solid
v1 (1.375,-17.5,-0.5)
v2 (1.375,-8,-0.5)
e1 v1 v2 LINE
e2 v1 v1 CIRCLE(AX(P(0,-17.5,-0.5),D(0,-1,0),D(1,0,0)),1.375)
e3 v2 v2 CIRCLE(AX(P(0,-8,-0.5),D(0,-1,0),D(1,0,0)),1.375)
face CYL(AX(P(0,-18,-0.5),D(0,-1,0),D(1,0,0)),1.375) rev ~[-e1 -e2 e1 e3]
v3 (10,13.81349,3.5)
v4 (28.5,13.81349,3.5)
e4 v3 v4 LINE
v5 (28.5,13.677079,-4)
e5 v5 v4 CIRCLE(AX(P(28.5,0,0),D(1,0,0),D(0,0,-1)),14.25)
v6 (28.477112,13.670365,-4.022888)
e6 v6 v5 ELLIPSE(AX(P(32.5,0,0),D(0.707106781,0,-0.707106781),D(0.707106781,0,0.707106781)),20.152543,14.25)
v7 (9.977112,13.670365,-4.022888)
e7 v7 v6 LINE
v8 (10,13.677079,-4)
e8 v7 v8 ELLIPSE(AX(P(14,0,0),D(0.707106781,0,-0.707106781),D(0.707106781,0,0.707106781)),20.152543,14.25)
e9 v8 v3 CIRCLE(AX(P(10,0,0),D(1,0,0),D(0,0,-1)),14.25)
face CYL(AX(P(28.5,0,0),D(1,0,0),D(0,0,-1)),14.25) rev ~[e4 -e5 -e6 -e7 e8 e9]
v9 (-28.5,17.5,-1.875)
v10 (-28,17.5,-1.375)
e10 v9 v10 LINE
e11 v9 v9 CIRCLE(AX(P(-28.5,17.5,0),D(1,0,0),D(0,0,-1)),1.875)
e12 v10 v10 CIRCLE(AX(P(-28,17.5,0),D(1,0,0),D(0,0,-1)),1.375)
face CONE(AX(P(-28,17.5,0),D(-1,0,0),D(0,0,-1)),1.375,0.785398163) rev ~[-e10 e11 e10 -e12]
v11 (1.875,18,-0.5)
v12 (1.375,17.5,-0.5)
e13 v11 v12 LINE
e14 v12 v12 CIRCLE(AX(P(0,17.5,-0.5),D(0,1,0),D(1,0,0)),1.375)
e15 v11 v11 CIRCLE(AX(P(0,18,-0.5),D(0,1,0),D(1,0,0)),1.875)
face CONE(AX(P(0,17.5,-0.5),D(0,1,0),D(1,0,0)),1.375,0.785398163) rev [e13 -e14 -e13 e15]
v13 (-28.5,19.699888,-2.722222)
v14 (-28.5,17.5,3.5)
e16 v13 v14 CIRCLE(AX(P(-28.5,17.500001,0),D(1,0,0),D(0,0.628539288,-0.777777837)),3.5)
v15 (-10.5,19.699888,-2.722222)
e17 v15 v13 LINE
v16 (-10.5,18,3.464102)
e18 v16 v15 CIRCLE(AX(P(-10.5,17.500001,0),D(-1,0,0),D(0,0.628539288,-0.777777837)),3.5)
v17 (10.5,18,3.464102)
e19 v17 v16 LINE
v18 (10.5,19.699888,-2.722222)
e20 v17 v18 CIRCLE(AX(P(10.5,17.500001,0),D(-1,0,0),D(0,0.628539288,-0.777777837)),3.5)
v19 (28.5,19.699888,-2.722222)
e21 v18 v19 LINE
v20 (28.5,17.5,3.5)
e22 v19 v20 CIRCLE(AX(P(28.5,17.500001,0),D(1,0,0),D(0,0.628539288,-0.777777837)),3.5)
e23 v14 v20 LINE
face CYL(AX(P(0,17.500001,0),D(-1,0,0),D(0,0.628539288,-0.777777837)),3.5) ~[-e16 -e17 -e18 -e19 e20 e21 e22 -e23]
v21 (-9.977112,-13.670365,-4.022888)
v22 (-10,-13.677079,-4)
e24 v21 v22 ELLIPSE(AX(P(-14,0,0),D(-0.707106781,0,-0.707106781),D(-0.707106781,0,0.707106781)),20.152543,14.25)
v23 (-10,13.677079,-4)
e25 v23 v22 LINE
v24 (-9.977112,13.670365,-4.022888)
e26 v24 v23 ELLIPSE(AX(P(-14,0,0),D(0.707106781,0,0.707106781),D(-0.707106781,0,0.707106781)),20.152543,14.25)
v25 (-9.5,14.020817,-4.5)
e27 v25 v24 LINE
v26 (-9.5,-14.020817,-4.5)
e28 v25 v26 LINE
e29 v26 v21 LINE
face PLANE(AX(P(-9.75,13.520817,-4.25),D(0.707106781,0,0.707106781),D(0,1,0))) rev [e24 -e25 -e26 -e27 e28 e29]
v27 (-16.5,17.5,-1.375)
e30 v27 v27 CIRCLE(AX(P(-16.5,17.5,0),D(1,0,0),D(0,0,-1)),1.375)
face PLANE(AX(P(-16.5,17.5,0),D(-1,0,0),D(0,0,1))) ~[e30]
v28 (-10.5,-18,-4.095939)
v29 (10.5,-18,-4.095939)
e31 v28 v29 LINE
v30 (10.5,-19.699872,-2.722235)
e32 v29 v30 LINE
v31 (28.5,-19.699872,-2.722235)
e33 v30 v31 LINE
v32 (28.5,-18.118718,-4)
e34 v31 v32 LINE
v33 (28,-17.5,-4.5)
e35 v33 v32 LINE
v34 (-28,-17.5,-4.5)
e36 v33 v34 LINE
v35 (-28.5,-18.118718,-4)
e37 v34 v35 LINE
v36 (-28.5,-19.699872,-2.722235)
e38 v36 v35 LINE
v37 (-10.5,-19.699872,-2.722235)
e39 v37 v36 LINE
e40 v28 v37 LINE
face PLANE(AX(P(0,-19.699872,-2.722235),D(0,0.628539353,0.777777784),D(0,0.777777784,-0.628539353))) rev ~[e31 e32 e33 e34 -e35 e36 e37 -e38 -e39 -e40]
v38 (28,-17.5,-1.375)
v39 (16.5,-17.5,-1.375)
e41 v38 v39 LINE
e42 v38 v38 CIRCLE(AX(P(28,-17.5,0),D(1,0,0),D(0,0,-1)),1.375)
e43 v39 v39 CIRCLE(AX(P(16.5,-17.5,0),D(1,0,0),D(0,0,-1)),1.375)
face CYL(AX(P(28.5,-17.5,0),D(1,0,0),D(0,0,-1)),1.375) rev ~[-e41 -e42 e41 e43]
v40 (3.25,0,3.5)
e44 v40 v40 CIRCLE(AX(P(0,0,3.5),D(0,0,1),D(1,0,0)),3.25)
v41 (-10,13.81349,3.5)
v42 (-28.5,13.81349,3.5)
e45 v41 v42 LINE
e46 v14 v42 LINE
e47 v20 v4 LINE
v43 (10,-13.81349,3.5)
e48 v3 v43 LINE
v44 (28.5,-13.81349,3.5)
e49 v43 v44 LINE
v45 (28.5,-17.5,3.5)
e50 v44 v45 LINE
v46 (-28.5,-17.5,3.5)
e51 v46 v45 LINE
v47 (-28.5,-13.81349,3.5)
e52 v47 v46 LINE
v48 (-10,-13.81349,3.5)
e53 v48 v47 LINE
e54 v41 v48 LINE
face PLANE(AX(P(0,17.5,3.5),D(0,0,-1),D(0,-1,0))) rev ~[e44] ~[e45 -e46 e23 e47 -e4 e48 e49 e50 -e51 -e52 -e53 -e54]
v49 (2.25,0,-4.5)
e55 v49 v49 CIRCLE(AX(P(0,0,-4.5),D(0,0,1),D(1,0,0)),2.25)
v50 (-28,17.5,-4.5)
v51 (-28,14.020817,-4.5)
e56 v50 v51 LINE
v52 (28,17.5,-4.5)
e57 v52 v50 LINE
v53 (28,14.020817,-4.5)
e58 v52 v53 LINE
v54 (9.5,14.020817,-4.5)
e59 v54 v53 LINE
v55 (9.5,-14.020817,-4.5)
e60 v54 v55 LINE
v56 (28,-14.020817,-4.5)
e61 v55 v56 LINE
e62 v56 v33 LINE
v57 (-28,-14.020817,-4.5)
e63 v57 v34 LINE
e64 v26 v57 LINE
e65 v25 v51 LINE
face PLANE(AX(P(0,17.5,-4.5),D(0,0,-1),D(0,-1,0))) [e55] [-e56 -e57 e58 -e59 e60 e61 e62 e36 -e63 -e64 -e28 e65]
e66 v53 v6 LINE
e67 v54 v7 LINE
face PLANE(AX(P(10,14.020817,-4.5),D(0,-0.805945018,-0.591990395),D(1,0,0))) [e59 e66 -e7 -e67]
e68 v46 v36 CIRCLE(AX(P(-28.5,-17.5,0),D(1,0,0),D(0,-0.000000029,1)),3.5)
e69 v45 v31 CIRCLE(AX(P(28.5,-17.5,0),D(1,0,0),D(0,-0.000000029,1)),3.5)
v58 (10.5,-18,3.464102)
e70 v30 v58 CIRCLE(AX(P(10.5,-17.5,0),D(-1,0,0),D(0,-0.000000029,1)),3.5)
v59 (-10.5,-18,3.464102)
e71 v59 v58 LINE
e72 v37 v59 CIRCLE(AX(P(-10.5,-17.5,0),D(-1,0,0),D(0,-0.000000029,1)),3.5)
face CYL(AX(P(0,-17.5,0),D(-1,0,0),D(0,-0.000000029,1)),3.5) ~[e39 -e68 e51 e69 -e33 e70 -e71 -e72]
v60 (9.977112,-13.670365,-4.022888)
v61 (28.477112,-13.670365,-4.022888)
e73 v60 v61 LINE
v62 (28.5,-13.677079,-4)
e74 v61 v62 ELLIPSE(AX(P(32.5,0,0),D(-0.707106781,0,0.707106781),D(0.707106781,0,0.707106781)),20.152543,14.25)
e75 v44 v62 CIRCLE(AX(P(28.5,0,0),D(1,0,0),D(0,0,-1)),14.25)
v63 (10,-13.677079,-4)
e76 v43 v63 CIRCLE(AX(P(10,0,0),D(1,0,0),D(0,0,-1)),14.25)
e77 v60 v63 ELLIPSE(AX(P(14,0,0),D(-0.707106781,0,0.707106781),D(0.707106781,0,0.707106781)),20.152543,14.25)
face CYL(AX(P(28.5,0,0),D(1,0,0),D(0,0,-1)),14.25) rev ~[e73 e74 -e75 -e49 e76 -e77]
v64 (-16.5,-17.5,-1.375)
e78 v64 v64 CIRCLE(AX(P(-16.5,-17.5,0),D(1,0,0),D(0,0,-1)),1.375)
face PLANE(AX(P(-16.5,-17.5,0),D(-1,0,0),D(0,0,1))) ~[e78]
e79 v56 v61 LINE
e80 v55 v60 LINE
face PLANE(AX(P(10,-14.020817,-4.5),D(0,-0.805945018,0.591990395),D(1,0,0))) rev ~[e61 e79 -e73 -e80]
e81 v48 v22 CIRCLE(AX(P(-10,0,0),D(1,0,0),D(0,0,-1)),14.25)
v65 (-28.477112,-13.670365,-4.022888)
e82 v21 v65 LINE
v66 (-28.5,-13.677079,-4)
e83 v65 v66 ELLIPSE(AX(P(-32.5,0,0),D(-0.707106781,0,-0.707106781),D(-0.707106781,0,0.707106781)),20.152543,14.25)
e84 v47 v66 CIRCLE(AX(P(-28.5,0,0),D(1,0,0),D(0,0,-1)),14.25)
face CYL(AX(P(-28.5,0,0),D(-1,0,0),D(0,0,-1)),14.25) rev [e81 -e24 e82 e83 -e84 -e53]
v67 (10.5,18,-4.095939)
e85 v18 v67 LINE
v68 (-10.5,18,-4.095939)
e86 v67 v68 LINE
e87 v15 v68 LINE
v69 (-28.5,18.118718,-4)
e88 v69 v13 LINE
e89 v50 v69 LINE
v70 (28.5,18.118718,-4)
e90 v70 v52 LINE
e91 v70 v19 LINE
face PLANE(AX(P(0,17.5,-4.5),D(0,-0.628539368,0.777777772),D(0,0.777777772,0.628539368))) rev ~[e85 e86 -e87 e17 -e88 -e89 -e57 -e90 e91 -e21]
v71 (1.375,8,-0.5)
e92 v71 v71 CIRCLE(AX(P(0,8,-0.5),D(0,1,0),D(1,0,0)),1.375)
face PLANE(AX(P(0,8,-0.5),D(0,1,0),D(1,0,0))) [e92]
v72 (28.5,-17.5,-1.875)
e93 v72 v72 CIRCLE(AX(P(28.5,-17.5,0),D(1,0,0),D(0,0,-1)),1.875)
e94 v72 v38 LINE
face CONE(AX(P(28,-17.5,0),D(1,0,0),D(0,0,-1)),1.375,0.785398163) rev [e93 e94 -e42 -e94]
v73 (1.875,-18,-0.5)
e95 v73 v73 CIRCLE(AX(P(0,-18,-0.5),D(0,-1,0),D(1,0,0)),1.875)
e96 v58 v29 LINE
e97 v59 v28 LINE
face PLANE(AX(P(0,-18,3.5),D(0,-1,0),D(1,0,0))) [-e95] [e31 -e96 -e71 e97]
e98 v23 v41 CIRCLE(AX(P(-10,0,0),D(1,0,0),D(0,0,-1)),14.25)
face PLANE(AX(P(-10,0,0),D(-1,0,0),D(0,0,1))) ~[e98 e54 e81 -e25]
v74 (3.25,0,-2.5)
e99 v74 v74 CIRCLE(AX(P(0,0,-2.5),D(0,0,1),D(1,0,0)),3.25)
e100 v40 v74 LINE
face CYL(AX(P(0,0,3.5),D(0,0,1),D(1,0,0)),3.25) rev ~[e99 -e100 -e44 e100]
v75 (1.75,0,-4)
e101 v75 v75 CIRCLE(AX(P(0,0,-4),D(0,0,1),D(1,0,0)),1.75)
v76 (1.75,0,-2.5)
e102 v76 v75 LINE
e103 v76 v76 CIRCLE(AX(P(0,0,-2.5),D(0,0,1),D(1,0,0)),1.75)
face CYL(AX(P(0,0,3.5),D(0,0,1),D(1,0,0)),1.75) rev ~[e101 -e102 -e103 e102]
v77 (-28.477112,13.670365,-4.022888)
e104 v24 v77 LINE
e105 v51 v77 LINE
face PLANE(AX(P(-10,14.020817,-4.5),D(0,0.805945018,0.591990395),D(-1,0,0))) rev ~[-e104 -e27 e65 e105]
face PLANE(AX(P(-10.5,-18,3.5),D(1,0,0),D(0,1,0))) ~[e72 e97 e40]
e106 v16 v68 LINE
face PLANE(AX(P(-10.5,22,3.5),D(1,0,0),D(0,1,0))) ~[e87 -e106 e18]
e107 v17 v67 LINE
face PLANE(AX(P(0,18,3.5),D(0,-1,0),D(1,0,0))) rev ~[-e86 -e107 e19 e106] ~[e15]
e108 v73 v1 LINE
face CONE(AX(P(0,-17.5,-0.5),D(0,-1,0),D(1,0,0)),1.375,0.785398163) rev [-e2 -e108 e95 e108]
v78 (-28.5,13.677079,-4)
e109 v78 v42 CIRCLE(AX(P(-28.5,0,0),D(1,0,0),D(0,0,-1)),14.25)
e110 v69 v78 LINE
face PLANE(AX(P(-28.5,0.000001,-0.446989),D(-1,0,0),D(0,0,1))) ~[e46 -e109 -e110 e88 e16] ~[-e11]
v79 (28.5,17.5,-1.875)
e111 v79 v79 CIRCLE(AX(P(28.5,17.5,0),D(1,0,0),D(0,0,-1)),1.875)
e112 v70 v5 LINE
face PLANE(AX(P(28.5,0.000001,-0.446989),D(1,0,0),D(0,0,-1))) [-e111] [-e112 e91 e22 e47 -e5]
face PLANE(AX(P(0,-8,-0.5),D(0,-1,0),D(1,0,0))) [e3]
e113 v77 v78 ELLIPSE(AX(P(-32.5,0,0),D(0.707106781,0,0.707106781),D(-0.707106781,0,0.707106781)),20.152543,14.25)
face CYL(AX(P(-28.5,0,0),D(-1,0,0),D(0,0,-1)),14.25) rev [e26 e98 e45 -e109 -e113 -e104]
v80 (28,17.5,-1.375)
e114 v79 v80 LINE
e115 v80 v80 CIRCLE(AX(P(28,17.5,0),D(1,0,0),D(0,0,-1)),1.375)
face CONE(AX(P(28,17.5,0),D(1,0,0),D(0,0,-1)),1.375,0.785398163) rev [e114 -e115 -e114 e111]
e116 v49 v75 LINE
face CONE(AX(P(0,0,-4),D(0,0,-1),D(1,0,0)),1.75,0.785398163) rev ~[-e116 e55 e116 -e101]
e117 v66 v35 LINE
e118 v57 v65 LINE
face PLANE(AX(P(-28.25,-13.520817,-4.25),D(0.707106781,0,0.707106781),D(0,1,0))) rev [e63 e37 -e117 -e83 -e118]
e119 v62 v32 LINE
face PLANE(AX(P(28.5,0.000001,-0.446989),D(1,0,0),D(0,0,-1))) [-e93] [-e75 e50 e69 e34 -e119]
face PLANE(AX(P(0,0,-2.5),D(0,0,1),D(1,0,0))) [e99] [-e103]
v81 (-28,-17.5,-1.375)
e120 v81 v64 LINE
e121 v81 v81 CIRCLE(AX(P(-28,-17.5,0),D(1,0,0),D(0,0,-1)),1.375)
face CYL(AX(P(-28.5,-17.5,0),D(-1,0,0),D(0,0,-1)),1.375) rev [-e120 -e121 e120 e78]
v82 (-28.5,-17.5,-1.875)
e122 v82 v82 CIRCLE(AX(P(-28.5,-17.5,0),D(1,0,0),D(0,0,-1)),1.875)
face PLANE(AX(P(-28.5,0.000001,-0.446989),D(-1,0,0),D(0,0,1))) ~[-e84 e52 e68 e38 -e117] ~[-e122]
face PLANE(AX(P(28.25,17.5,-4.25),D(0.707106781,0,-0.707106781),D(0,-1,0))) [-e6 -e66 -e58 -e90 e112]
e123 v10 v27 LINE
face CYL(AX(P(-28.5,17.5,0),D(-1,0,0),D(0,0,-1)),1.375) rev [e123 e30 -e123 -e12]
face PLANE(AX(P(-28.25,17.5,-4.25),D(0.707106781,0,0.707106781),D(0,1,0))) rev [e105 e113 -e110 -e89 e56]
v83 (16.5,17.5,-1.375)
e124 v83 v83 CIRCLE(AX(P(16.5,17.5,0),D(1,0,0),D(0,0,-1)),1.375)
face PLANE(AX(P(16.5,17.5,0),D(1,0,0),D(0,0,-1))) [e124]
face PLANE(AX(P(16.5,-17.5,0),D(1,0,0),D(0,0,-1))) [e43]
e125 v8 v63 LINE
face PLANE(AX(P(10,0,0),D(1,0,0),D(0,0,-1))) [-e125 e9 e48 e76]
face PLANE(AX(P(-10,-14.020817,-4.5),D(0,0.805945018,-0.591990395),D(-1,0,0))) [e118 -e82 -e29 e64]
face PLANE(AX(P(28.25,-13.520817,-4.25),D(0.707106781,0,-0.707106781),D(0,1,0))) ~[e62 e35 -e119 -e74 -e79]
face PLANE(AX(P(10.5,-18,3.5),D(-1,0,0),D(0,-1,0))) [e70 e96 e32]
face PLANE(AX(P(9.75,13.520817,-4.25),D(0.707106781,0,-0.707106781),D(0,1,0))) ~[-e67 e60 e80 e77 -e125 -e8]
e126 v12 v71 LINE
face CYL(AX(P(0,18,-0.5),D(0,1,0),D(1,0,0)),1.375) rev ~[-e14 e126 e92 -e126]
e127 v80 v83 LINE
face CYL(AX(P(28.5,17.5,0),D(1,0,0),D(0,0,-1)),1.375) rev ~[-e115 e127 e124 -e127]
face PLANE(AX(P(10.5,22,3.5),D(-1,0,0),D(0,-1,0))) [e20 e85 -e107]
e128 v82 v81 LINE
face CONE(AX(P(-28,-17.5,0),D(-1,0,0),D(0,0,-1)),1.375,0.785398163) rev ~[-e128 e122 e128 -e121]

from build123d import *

# Parameters (mm, degrees)
PAD_DEPTH           = 28.5
SKETCH001_R         = 14.25
POCKET_DEPTH        = 18.5
SKETCH002_R         = 1.375
POCKET001_DEPTH     = 12
SKETCH003_W         = 4
SKETCH003_H         = 10.5
POCKET002_DEPTH     = 8
SKETCH004_R         = 1.75
POCKET003_DEPTH     = 8
SKETCH005_R         = 3.25
POCKET004_DEPTH     = 6
SKETCH006_R         = 1.375
POCKET005_DEPTH     = 10
SKETCH007_R         = 1.375
POCKET006_DEPTH     = 10
CHAMFER_SIZE        = 0.5
CHAMFER001_SIZE     = 0.5
CLONE001_ROLL_ANGLE = -90


with BuildPart() as recess_pocket:
    # Sketch → Pad (new body)
    with BuildSketch(Plane.YZ):
        with BuildLine():
            ThreePointArc((2.722222, 19.699888), (-1.166667, 20.799832), (-3.5, 17.5))
            Line((-3.5, 17.5), (-3.5, -17.5))
            ThreePointArc((-3.5, -17.5), (-1.166657, -20.799835), (2.722235, -19.699872))
            Line((2.722235, -19.699872), (4.5, -17.5))
            Line((4.5, 17.5), (4.5, -17.5))
            Line((4.5, 17.5), (2.722222, 19.699888))
        make_face()
    extrude(amount=PAD_DEPTH)

    # Sketch001 → Pocket (cut)
    with BuildSketch(Plane.YZ.offset(28.5)):
        Circle(SKETCH001_R)
    extrude(amount=-POCKET_DEPTH, mode=Mode.SUBTRACT)

    # Sketch002 → Pocket001 (cut)
    with BuildSketch(Plane.YZ.offset(28.5)):
        with Locations((0, -17.5)):
            Circle(SKETCH002_R)
        with Locations((0, 17.5)):
            Circle(SKETCH002_R)
    extrude(amount=-POCKET001_DEPTH, mode=Mode.SUBTRACT)

    # Sketch003 → Pocket002 (cut)
    with BuildSketch(Plane(origin=(0, -3.5, 0), x_dir=(0, 0, -1), z_dir=(0, -1, 0))):
        with Locations((-20, 5.25)):
            Rectangle(SKETCH003_W, SKETCH003_H)
        with Locations((20, 5.25)):
            Rectangle(SKETCH003_W, SKETCH003_H)
    extrude(amount=-POCKET002_DEPTH, mode=Mode.SUBTRACT)


with BuildPart() as motor_bracket_printing:
    # Part__Mirroring: instance of recess-pocket
    add(recess_pocket.part.mirror(Plane(origin=(0, 0, 0), x_dir=(0, -1, 0), z_dir=(1, 0, 0))))

    # Fusion: union recess-pocket
    add(recess_pocket.part)

    # Sketch004 → Pocket003 (cut)
    with BuildSketch(Plane.XZ.offset(3.5)):
        Circle(SKETCH004_R)
    extrude(amount=-POCKET003_DEPTH, mode=Mode.SUBTRACT)

    # Sketch005 → Pocket004 (cut)
    with BuildSketch(Plane.XZ.offset(3.5)):
        Circle(SKETCH005_R)
    extrude(amount=-POCKET004_DEPTH, mode=Mode.SUBTRACT)

    # Sketch006 → Pocket005 (cut)
    with BuildSketch(Plane.XY.offset(18)):
        with Locations((0, 0.5)):
            Circle(SKETCH006_R)
    extrude(amount=-POCKET005_DEPTH, mode=Mode.SUBTRACT)

    # Sketch007 → Pocket006 (cut)
    with BuildSketch(Plane(origin=(0, 0, -18), x_dir=(1, 0, 0), z_dir=(0, 0, -1))):
        with Locations((0, -0.5)):
            Circle(SKETCH007_R)
    extrude(amount=-POCKET006_DEPTH, mode=Mode.SUBTRACT)

    # Chamfer
    chamfer_edges = [motor_bracket_printing.edges().sort_by_distance(p)[0] for p in [
        (28.5, -1.375, -17.5),
        (-28.5, -1.375, -17.5),
        (-28.5, -1.375, 17.5),
        (28.5, -1.375, 17.5),
        (-1.375, 0.5, -18),
        (-1.375, 0.5, 18),
    ]]
    chamfer(chamfer_edges, length=CHAMFER_SIZE)

    # Chamfer001
    chamfer001_edges = [motor_bracket_printing.edges().sort_by_distance(p)[0] for p in [
        (28.5, 4.5, -15.510409),
        (19.25, 4.5, -13.520817),
        (-10, 4.5, 0),
        (-19.25, 4.5, -13.520817),
        (-19.25, 4.5, 13.520817),
        (-28.5, 4.5, -15.510409),
        (-28.5, 4.5, 15.510409),
        (28.5, 4.5, 15.510409),
        (19.25, 4.5, 13.520817),
        (10, 4.5, 0),
        (-1.75, 4.5, 0),
    ]]
    chamfer(chamfer001_edges, length=CHAMFER001_SIZE)


with BuildPart() as motor_bracket_printing_1:
    # Clone001 roll: moved
    add(motor_bracket_printing.part.rotate(Axis((0, 0, 0), (1, 0, 0)), CLONE001_ROLL_ANGLE))


with BuildPart() as motor_bracket_printing_2:
    # Clone001 placement: moved
    add(motor_bracket_printing_1.part)


solid = motor_bracket_printing_2.part
